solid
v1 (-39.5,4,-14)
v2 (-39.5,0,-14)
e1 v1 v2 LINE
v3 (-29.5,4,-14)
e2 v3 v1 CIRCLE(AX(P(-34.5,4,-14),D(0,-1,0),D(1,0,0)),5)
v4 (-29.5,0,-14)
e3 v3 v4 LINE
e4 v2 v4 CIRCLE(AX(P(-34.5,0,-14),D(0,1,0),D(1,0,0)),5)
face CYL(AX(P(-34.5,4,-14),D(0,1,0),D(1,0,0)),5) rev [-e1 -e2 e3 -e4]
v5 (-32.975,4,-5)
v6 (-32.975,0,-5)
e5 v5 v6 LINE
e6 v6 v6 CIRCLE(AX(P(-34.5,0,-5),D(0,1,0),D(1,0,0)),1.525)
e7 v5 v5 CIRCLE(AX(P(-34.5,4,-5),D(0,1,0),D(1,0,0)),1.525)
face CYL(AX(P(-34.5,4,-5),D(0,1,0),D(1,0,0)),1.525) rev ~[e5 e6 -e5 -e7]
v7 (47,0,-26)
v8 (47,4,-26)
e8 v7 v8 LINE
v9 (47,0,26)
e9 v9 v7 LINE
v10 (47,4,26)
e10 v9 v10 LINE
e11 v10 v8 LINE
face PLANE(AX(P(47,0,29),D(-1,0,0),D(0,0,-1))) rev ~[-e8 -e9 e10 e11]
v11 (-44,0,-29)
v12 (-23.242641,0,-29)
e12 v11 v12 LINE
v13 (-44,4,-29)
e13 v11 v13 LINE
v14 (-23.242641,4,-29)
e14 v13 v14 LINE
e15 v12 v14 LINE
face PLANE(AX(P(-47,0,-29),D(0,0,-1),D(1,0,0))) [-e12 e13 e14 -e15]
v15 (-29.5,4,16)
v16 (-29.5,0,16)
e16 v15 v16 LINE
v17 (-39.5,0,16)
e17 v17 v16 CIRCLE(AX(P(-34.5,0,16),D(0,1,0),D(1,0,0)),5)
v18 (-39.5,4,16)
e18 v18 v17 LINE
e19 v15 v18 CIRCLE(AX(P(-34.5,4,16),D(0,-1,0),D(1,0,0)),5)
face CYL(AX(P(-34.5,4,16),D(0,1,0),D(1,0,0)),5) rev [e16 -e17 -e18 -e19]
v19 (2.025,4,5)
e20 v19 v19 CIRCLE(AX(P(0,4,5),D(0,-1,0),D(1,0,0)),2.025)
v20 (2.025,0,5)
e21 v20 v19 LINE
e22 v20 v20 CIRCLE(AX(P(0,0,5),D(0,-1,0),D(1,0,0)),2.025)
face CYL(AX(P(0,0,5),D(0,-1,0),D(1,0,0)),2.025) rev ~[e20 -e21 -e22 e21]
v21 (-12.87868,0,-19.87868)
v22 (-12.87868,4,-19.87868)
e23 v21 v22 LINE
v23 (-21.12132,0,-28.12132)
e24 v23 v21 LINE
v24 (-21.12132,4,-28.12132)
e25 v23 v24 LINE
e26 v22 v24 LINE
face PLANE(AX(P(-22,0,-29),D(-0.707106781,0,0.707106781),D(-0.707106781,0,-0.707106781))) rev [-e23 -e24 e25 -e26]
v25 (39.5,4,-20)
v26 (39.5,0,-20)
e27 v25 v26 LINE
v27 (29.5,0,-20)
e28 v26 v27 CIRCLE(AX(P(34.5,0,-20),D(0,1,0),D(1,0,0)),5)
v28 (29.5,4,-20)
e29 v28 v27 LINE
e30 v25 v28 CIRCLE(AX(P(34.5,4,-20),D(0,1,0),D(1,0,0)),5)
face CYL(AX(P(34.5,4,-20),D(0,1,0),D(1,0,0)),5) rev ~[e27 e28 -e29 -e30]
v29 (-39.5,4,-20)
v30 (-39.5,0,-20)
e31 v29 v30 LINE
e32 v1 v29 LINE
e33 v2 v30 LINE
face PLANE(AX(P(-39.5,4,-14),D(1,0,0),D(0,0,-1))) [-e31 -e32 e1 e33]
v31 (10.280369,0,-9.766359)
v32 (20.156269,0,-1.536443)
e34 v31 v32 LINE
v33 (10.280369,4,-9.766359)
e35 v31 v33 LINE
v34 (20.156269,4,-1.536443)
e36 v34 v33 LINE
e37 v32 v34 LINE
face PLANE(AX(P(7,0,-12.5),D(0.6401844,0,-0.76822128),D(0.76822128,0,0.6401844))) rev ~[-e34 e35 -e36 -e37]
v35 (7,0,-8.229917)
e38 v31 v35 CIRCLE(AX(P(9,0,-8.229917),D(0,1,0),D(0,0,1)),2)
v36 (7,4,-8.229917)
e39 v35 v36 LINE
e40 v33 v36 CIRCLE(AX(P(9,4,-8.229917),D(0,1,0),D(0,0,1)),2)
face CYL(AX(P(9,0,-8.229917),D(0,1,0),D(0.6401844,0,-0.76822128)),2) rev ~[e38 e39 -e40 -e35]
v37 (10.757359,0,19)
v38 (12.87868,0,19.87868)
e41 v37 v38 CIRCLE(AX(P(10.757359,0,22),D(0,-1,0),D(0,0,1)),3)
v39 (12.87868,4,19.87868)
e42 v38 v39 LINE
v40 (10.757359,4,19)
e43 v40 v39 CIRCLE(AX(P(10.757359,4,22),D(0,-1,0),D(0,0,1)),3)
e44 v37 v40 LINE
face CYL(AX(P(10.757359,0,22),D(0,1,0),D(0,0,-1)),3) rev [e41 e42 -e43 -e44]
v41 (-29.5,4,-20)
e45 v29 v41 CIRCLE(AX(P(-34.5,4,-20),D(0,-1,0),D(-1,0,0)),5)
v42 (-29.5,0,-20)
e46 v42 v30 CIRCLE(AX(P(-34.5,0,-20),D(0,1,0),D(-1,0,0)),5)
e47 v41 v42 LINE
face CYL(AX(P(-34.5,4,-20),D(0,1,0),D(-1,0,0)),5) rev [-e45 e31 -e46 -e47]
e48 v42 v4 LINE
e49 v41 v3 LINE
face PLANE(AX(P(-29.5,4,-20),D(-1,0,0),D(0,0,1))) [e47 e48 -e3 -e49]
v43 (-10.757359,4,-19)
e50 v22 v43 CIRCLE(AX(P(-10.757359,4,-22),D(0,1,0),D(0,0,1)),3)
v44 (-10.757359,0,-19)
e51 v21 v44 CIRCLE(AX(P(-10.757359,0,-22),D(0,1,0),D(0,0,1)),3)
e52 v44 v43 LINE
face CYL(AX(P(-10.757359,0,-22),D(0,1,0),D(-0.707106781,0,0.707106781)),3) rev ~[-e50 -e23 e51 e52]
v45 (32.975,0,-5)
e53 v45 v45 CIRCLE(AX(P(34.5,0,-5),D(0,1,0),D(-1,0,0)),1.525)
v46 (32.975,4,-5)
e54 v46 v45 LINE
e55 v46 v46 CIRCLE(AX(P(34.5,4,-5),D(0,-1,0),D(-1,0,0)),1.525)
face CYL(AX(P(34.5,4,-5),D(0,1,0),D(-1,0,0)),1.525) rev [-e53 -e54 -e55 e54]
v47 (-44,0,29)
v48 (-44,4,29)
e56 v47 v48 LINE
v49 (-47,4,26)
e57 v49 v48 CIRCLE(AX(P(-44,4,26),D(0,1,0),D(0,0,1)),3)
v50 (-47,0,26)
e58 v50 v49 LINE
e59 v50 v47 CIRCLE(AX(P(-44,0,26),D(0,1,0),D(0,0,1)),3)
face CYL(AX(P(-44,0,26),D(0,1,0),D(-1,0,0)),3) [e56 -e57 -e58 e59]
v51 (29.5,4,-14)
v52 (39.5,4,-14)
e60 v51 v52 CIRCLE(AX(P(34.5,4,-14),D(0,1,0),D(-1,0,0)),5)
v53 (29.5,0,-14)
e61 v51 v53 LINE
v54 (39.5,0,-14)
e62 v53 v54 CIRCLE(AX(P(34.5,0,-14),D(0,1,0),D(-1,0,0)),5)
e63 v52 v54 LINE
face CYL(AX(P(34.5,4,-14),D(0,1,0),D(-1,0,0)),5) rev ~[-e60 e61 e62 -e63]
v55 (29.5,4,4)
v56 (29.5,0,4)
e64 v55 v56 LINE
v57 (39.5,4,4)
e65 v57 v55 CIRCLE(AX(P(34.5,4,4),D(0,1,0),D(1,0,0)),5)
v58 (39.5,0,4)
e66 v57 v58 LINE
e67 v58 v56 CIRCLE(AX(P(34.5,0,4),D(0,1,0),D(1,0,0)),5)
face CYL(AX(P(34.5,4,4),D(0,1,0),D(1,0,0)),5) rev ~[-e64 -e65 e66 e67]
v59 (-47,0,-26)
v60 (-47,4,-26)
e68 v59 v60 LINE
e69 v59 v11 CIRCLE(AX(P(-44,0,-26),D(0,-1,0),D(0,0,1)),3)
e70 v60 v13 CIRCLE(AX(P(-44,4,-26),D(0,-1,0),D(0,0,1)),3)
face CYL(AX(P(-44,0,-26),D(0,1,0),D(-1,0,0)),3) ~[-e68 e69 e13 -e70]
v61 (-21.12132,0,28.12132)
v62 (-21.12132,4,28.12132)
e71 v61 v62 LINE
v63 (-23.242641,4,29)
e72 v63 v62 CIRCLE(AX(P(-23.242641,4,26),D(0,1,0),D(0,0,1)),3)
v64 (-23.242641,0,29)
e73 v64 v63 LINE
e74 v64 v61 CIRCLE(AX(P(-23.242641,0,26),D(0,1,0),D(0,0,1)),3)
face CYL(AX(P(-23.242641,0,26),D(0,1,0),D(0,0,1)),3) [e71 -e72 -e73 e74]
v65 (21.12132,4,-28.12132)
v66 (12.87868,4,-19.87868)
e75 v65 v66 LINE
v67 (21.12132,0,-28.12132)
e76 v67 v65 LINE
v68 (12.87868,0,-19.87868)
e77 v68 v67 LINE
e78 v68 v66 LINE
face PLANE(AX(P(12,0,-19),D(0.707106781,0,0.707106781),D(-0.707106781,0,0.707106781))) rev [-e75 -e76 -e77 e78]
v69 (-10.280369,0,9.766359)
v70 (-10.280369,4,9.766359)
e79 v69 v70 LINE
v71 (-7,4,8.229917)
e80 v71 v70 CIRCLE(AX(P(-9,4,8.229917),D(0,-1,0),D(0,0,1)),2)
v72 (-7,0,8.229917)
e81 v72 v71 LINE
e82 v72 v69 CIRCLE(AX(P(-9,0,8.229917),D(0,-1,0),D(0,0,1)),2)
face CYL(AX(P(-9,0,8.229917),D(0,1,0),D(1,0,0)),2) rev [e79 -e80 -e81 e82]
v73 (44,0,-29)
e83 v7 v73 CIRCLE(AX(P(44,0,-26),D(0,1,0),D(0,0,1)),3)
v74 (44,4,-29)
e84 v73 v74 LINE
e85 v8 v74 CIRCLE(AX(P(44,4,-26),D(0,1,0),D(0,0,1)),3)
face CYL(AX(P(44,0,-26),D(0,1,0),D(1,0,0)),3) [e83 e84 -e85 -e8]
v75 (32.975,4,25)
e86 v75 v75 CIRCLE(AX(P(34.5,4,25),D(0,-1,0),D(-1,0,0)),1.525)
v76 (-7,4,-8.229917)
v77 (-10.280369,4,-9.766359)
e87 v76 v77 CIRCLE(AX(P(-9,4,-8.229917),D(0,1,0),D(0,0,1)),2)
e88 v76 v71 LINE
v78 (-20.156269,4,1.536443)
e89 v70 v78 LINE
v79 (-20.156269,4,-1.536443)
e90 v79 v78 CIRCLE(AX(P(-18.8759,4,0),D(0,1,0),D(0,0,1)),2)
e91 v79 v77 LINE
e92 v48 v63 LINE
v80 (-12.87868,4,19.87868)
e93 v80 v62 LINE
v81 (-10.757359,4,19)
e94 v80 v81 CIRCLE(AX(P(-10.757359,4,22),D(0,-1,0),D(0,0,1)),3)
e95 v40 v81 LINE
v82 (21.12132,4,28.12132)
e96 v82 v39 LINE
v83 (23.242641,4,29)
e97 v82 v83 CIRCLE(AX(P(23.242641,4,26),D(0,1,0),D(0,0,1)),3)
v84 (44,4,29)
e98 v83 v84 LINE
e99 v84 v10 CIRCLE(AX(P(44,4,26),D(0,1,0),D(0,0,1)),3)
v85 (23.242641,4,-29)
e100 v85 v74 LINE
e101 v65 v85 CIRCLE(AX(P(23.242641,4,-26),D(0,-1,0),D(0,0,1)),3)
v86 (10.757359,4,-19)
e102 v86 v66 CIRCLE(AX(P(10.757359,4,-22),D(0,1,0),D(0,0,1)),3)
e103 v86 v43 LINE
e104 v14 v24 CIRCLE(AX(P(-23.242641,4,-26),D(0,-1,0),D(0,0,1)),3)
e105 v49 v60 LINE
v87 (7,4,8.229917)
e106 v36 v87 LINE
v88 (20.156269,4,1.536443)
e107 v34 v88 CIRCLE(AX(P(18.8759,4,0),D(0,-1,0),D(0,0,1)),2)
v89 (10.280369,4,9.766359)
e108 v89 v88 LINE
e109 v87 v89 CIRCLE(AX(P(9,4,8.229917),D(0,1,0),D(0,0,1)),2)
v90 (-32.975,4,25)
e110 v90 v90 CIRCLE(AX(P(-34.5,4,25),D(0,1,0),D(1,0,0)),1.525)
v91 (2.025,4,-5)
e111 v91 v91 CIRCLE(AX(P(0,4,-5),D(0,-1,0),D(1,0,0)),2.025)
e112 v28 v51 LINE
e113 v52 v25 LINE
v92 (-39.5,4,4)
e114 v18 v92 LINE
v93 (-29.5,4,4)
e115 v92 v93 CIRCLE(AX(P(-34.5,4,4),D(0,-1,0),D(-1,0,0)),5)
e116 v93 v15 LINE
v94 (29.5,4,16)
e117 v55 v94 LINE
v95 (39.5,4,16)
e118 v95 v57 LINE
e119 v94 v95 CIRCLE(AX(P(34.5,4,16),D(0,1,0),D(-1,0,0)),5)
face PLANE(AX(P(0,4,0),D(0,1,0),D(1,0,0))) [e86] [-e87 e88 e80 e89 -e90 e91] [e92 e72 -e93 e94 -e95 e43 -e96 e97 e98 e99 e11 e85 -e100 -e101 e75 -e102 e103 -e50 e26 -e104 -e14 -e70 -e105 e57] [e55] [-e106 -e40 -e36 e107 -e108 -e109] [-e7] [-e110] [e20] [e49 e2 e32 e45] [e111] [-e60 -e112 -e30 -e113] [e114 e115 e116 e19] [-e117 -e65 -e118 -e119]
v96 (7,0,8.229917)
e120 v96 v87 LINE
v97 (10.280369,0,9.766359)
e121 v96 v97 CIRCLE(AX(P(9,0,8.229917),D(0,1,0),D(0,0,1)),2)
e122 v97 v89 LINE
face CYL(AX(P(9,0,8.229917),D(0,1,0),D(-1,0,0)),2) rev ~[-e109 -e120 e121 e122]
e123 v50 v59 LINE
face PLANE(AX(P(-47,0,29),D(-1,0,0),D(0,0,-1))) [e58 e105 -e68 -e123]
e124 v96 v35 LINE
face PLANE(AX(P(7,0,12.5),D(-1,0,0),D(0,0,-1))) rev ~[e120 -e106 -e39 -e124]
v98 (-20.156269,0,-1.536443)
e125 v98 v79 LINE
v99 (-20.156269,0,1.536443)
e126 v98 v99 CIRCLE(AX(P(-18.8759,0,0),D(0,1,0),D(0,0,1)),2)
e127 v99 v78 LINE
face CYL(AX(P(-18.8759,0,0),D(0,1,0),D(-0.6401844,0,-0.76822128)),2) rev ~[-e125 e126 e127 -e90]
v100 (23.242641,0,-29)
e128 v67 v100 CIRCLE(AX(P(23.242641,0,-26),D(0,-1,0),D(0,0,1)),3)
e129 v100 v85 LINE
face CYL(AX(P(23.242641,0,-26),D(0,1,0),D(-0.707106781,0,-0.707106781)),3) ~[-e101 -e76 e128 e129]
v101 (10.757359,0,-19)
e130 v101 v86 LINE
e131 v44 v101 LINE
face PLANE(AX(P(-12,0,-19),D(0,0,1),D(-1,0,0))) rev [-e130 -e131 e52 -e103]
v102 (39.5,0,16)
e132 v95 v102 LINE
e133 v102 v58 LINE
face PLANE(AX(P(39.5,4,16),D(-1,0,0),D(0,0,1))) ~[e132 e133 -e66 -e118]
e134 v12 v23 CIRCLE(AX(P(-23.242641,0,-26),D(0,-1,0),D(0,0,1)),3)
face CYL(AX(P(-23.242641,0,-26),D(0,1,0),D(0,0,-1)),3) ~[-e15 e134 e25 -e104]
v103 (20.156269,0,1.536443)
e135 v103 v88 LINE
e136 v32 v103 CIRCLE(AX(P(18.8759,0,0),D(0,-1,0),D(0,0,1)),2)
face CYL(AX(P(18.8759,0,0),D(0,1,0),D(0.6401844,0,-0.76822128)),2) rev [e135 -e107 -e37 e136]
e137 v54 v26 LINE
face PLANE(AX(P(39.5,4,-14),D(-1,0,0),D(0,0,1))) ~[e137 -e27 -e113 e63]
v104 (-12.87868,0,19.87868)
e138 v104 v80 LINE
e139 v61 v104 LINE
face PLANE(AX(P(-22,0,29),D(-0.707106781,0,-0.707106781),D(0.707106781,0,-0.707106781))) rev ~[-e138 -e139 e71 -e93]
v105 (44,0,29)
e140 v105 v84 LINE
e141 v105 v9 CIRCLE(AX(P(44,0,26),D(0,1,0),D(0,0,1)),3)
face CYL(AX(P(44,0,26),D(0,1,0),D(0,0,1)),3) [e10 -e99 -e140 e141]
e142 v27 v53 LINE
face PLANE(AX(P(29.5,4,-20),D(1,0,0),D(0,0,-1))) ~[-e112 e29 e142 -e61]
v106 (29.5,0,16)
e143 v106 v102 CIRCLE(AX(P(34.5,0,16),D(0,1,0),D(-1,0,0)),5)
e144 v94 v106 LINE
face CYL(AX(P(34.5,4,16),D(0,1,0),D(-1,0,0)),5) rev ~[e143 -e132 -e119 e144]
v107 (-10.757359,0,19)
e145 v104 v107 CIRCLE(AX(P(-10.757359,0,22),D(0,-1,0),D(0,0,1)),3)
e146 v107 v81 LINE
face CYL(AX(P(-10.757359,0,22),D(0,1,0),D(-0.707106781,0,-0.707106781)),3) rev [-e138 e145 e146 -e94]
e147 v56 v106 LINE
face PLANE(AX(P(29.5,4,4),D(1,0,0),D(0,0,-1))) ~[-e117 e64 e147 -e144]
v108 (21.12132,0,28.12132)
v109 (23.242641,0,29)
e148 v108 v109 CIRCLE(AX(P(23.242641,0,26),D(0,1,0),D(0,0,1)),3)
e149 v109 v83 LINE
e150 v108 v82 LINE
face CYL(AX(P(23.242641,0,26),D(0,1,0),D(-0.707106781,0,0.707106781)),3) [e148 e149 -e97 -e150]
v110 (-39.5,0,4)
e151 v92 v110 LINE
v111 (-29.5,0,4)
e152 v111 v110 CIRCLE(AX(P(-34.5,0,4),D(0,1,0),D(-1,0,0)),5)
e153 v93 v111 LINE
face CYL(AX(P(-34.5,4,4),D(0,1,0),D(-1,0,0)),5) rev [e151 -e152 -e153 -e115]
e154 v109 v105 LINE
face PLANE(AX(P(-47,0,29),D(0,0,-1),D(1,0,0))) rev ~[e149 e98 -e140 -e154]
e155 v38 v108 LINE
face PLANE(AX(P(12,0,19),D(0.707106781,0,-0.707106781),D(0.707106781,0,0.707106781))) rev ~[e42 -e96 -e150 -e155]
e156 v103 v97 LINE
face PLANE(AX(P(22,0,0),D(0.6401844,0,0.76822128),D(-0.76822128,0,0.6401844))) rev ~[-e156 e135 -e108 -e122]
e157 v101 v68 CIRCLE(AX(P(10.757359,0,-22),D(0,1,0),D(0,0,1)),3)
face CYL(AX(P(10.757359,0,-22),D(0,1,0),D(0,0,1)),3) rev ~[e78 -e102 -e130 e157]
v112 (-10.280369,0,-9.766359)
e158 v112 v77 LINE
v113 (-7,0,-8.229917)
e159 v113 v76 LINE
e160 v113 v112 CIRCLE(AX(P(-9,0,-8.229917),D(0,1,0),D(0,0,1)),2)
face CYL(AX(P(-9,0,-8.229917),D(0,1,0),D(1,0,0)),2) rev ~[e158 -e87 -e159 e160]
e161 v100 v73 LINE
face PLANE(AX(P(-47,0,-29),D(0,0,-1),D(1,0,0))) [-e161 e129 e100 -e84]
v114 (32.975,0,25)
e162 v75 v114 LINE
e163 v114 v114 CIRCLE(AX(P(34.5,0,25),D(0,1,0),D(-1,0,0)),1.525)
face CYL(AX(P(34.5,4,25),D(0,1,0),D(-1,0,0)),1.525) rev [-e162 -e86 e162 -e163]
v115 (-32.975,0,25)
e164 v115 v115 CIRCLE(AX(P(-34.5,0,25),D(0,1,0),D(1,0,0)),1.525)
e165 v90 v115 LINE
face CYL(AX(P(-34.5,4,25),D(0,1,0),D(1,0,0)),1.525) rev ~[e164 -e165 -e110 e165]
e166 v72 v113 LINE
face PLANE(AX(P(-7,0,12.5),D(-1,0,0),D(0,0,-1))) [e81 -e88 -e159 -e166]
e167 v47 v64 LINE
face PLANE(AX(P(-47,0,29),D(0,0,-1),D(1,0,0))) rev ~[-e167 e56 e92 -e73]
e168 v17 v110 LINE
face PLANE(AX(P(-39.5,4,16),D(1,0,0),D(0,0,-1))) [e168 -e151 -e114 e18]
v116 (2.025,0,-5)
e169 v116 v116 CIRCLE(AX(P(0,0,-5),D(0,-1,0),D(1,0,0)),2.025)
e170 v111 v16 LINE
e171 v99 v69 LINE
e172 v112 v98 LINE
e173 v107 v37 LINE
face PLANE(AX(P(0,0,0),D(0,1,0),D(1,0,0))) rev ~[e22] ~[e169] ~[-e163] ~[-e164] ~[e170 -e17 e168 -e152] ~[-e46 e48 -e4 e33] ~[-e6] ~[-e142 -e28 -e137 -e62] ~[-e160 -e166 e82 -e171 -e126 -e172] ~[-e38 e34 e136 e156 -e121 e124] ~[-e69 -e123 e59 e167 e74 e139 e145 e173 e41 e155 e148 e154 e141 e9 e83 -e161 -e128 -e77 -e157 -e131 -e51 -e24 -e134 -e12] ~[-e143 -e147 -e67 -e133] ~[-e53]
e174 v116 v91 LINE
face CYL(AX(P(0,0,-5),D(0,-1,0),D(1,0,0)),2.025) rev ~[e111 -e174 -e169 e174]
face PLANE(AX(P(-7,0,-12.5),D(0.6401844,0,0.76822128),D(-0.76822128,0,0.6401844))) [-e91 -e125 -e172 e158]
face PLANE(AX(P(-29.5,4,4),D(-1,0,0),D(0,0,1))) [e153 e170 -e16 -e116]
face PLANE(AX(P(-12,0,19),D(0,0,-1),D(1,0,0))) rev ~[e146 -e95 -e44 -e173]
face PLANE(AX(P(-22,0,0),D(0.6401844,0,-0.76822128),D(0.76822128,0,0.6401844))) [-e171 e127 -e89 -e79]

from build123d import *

# Parameters (mm, degrees)
SKETCH_1_W          = 94
SKETCH_1_H          = 58
EXTRUDE_1_DEPTH     = 4
FILLET_1_R          = 3
SKETCH_2_R          = 1.525
CUT_EXTRUDE_1_DEPTH = 10
CUT_EXTRUDE_2_DEPTH = 10
SKETCH_4_R          = 2.025
CUT_EXTRUDE_3_DEPTH = 10
CUT_EXTRUDE_4_DEPTH = 10
FILLET_2_R          = 2
FILLET_3_R          = 3


with BuildPart() as part:
    # 草图1 → 凸台-拉伸1 (new body)
    with BuildSketch(Plane(origin=(0, 0, 0), x_dir=(1, 0, 0), z_dir=(0, 1, 0))):
        Rectangle(SKETCH_1_W, SKETCH_1_H)
    extrude(amount=EXTRUDE_1_DEPTH)

    # 圆角1
    fillet_1_edges = [part.edges().sort_by_distance(p)[0] for p in [
        (47, 2, 29),
        (-47, 2, 29),
        (-47, 2, -29),
        (47, 2, -29),
    ]]
    fillet(fillet_1_edges, radius=FILLET_1_R)

    # 草图2 → 切除-拉伸1 (cut)
    with BuildSketch(Plane(origin=(0, 4, 0), x_dir=(1, 0, 0), z_dir=(0, 1, 0))):
        with Locations((-34.500000003, 5)):
            Circle(SKETCH_2_R)
        with Locations((-34.500000003, -25)):
            Circle(SKETCH_2_R)
        with BuildLine():
            Line((-39.500000003, 14), (-39.500000003, 20))
            ThreePointArc((-39.500000003, 20), (-34.500000003, 25), (-29.500000003, 20))
            Line((-29.500000003, 20), (-29.500000003, 14))
            ThreePointArc((-29.500000003, 14), (-34.500000003, 9), (-39.500000003, 14))
        make_face()
        with BuildLine():
            Line((-39.500000003, -16), (-39.500000003, -4))
            ThreePointArc((-39.500000003, -4), (-34.500000003, 1), (-29.500000003, -4))
            Line((-29.500000003, -4), (-29.500000003, -16))
            ThreePointArc((-29.500000003, -16), (-34.500000003, -21), (-39.500000003, -16))
        make_face()
    cut_extrude_1 = extrude(amount=-CUT_EXTRUDE_1_DEPTH, mode=Mode.SUBTRACT)

    # 镜向1: 切除-拉伸1 across plane
    add(cut_extrude_1.mirror(Plane(origin=(0, 0, 0), x_dir=(0, 0, 1), z_dir=(1, 0, 0))), mode=Mode.SUBTRACT)

    # 草图3 → 切除-拉伸2 (cut)
    with BuildSketch(Plane.XZ):
        Polygon((-22, 29), (-12, 19), (12, 19), (22, 29), align=None)
    cut_extrude_2 = extrude(amount=-CUT_EXTRUDE_2_DEPTH, mode=Mode.SUBTRACT)

    # 镜向2: 切除-拉伸2 across plane
    add(cut_extrude_2.mirror(Plane.XY), mode=Mode.SUBTRACT)

    # 草图4 → 切除-拉伸3 (cut)
    with BuildSketch(Plane.XZ):
        with Locations((0, 5)):
            Circle(SKETCH_4_R)
        with Locations((0, -5)):
            Circle(SKETCH_4_R)
    extrude(amount=-CUT_EXTRUDE_3_DEPTH, mode=Mode.SUBTRACT)

    # 草图5 → 切除-拉伸4 (cut)
    with BuildSketch(Plane.XZ):
        Polygon((-7, 12.5), (-7, -12.5), (-22, 0), align=None)
        Polygon((22, 0), (7, 12.5), (7, -12.5), align=None)
    extrude(amount=-CUT_EXTRUDE_4_DEPTH, mode=Mode.SUBTRACT)

    # 圆角2
    fillet_2_edges = [part.edges().sort_by_distance(p)[0] for p in [
        (-22, 2, 0),
        (-7, 2, 12.5),
        (-7, 2, -12.5),
        (22, 2, 0),
        (7, 2, -12.5),
        (7, 2, 12.5),
    ]]
    fillet(fillet_2_edges, radius=FILLET_2_R)

    # 圆角3
    fillet_3_edges = [part.edges().sort_by_distance(p)[0] for p in [
        (-22, 2, 29),
        (22, 2, 29),
        (12, 2, 19),
        (-12, 2, 19),
        (22, 2, -29),
        (-22, 2, -29),
        (-12, 2, -19),
        (12, 2, -19),
    ]]
    fillet(fillet_3_edges, radius=FILLET_3_R)


solid = part.part
